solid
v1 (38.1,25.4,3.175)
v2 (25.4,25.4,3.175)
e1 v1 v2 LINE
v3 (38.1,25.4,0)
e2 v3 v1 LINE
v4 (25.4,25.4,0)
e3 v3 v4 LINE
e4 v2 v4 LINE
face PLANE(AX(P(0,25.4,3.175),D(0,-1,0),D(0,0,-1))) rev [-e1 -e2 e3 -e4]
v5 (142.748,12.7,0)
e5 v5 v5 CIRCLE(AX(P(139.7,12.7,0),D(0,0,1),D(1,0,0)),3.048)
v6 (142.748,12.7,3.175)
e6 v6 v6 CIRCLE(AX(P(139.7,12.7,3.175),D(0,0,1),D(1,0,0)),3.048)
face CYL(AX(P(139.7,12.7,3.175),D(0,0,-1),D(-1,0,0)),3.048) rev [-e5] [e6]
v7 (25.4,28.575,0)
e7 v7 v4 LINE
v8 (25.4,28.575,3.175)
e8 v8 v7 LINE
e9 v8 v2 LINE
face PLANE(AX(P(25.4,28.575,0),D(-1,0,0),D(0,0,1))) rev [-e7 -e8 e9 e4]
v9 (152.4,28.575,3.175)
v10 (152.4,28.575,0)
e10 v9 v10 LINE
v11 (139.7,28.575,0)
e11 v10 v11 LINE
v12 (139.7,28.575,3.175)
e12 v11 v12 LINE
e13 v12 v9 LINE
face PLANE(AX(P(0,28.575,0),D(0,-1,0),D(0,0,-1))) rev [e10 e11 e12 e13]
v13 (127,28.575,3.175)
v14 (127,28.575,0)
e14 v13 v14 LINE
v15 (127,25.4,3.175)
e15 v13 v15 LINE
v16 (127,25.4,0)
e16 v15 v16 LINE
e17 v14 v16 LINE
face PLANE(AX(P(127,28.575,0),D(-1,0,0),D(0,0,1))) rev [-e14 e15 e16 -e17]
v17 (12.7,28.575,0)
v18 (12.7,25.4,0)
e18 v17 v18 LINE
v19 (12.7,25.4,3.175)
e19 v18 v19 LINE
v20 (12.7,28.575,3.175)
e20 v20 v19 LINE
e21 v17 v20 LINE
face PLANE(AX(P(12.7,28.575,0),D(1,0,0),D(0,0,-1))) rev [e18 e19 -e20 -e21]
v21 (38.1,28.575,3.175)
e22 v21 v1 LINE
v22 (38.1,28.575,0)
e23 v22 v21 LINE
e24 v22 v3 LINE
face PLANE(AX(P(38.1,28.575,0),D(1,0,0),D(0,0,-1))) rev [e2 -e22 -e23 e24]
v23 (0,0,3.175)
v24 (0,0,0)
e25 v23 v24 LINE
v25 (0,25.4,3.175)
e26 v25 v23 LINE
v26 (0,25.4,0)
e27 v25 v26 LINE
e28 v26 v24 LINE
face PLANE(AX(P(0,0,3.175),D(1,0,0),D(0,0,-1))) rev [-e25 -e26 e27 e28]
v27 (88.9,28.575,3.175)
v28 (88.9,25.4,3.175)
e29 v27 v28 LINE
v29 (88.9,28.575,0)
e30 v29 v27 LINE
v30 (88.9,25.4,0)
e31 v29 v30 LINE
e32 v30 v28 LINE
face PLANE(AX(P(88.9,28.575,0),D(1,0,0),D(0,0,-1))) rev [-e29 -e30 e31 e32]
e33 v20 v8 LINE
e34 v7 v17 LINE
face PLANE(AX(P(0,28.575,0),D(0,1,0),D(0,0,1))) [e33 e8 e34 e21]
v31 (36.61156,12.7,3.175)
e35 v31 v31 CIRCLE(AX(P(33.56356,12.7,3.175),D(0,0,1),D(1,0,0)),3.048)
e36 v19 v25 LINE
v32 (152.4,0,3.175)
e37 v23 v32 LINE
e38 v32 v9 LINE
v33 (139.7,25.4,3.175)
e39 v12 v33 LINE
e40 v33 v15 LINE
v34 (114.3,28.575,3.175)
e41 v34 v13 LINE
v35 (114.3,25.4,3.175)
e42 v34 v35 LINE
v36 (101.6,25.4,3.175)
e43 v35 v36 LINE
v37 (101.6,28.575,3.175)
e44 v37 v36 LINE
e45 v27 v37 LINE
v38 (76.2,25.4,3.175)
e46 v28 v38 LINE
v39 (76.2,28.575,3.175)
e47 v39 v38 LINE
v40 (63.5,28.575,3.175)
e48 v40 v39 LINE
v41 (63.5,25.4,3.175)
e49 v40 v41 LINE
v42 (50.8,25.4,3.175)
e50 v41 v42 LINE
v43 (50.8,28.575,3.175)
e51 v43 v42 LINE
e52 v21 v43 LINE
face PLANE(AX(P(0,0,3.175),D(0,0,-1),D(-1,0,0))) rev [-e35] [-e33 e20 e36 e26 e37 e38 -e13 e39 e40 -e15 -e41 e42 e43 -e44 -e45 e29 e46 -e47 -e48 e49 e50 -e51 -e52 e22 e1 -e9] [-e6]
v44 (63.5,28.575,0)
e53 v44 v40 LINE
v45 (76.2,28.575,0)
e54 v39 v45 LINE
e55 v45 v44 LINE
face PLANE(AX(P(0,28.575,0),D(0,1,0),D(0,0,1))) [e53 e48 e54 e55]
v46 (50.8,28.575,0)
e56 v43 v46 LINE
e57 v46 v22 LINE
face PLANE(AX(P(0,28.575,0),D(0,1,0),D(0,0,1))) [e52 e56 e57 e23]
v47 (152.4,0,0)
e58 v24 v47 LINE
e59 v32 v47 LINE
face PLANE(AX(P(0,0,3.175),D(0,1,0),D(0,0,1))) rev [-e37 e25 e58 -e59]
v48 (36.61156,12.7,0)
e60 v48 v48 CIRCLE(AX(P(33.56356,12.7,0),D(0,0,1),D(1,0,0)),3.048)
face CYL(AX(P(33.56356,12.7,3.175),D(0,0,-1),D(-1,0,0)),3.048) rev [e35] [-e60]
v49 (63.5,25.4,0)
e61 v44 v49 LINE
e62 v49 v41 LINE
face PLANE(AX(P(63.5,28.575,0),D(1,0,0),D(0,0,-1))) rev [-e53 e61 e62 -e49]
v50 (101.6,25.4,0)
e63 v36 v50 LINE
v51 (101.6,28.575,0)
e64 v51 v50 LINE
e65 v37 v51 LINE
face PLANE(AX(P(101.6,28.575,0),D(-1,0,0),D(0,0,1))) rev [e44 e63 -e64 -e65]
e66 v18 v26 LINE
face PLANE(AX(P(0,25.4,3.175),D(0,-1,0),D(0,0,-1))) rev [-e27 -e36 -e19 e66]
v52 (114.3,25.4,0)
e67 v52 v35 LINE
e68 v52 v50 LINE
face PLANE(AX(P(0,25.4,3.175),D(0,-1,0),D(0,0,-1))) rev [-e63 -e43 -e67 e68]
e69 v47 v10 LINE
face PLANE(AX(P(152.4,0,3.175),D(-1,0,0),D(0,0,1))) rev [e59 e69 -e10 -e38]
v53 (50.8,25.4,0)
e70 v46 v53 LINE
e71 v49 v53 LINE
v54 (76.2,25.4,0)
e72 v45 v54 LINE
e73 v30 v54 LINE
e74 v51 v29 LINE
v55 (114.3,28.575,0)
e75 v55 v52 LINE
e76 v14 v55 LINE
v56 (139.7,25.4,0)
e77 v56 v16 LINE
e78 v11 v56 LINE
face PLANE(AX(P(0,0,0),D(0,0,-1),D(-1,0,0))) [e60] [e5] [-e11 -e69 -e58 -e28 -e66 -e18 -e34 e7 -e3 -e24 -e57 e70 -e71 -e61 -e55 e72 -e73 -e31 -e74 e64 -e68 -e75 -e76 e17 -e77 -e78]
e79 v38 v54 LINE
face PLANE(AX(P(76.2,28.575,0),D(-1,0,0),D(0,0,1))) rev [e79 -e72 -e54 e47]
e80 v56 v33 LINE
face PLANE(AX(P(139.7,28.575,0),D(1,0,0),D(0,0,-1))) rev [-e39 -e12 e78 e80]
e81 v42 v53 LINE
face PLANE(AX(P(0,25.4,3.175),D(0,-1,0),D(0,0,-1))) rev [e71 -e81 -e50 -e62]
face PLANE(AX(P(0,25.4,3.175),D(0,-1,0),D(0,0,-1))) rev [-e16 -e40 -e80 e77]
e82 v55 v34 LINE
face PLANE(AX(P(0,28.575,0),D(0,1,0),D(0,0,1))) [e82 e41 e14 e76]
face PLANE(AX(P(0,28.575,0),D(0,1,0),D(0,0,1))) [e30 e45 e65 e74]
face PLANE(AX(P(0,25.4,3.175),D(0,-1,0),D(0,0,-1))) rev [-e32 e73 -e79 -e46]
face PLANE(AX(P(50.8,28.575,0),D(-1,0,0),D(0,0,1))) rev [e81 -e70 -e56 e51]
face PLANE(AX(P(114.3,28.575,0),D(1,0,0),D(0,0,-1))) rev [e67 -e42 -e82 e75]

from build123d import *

# Parameters (mm, degrees)
SKETCH1_W           = 152.4
SKETCH1_H           = 25.4
SKETCH1_R           = 3.048
BOSS_EXTRUDE1_DEPTH = 3.175
SKETCH3_W           = 12.7
SKETCH3_H           = 3.175
BOSS_EXTRUDE3_DEPTH = 3.175


with BuildPart() as part:
    # Sketch1 → Boss-Extrude1 (new body)
    with BuildSketch(Plane.XY):
        with Locations((76.2, 12.7)):
            Rectangle(SKETCH1_W, SKETCH1_H)
        with Locations((139.7, 12.7)):
            Circle(SKETCH1_R, mode=Mode.SUBTRACT)
        with Locations((33.56356, 12.7)):
            Circle(SKETCH1_R, mode=Mode.SUBTRACT)
    extrude(amount=BOSS_EXTRUDE1_DEPTH)

    # Sketch3 → Boss-Extrude3 (add)
    with BuildSketch(Plane(origin=(0, 25.4, 0), x_dir=(1, 0, 0), z_dir=(0, 1, 0))):
        with Locations((146.05, -1.5875)):
            Rectangle(SKETCH3_W, SKETCH3_H)
        with Locations((120.65, -1.5875)):
            Rectangle(SKETCH3_W, SKETCH3_H)
        with Locations((95.25, -1.5875)):
            Rectangle(SKETCH3_W, SKETCH3_H)
        with Locations((69.85, -1.5875)):
            Rectangle(SKETCH3_W, SKETCH3_H)
        with Locations((44.45, -1.5875)):
            Rectangle(SKETCH3_W, SKETCH3_H)
        with Locations((19.05, -1.5875)):
            Rectangle(SKETCH3_W, SKETCH3_H)
    extrude(amount=BOSS_EXTRUDE3_DEPTH)


solid = part.part
